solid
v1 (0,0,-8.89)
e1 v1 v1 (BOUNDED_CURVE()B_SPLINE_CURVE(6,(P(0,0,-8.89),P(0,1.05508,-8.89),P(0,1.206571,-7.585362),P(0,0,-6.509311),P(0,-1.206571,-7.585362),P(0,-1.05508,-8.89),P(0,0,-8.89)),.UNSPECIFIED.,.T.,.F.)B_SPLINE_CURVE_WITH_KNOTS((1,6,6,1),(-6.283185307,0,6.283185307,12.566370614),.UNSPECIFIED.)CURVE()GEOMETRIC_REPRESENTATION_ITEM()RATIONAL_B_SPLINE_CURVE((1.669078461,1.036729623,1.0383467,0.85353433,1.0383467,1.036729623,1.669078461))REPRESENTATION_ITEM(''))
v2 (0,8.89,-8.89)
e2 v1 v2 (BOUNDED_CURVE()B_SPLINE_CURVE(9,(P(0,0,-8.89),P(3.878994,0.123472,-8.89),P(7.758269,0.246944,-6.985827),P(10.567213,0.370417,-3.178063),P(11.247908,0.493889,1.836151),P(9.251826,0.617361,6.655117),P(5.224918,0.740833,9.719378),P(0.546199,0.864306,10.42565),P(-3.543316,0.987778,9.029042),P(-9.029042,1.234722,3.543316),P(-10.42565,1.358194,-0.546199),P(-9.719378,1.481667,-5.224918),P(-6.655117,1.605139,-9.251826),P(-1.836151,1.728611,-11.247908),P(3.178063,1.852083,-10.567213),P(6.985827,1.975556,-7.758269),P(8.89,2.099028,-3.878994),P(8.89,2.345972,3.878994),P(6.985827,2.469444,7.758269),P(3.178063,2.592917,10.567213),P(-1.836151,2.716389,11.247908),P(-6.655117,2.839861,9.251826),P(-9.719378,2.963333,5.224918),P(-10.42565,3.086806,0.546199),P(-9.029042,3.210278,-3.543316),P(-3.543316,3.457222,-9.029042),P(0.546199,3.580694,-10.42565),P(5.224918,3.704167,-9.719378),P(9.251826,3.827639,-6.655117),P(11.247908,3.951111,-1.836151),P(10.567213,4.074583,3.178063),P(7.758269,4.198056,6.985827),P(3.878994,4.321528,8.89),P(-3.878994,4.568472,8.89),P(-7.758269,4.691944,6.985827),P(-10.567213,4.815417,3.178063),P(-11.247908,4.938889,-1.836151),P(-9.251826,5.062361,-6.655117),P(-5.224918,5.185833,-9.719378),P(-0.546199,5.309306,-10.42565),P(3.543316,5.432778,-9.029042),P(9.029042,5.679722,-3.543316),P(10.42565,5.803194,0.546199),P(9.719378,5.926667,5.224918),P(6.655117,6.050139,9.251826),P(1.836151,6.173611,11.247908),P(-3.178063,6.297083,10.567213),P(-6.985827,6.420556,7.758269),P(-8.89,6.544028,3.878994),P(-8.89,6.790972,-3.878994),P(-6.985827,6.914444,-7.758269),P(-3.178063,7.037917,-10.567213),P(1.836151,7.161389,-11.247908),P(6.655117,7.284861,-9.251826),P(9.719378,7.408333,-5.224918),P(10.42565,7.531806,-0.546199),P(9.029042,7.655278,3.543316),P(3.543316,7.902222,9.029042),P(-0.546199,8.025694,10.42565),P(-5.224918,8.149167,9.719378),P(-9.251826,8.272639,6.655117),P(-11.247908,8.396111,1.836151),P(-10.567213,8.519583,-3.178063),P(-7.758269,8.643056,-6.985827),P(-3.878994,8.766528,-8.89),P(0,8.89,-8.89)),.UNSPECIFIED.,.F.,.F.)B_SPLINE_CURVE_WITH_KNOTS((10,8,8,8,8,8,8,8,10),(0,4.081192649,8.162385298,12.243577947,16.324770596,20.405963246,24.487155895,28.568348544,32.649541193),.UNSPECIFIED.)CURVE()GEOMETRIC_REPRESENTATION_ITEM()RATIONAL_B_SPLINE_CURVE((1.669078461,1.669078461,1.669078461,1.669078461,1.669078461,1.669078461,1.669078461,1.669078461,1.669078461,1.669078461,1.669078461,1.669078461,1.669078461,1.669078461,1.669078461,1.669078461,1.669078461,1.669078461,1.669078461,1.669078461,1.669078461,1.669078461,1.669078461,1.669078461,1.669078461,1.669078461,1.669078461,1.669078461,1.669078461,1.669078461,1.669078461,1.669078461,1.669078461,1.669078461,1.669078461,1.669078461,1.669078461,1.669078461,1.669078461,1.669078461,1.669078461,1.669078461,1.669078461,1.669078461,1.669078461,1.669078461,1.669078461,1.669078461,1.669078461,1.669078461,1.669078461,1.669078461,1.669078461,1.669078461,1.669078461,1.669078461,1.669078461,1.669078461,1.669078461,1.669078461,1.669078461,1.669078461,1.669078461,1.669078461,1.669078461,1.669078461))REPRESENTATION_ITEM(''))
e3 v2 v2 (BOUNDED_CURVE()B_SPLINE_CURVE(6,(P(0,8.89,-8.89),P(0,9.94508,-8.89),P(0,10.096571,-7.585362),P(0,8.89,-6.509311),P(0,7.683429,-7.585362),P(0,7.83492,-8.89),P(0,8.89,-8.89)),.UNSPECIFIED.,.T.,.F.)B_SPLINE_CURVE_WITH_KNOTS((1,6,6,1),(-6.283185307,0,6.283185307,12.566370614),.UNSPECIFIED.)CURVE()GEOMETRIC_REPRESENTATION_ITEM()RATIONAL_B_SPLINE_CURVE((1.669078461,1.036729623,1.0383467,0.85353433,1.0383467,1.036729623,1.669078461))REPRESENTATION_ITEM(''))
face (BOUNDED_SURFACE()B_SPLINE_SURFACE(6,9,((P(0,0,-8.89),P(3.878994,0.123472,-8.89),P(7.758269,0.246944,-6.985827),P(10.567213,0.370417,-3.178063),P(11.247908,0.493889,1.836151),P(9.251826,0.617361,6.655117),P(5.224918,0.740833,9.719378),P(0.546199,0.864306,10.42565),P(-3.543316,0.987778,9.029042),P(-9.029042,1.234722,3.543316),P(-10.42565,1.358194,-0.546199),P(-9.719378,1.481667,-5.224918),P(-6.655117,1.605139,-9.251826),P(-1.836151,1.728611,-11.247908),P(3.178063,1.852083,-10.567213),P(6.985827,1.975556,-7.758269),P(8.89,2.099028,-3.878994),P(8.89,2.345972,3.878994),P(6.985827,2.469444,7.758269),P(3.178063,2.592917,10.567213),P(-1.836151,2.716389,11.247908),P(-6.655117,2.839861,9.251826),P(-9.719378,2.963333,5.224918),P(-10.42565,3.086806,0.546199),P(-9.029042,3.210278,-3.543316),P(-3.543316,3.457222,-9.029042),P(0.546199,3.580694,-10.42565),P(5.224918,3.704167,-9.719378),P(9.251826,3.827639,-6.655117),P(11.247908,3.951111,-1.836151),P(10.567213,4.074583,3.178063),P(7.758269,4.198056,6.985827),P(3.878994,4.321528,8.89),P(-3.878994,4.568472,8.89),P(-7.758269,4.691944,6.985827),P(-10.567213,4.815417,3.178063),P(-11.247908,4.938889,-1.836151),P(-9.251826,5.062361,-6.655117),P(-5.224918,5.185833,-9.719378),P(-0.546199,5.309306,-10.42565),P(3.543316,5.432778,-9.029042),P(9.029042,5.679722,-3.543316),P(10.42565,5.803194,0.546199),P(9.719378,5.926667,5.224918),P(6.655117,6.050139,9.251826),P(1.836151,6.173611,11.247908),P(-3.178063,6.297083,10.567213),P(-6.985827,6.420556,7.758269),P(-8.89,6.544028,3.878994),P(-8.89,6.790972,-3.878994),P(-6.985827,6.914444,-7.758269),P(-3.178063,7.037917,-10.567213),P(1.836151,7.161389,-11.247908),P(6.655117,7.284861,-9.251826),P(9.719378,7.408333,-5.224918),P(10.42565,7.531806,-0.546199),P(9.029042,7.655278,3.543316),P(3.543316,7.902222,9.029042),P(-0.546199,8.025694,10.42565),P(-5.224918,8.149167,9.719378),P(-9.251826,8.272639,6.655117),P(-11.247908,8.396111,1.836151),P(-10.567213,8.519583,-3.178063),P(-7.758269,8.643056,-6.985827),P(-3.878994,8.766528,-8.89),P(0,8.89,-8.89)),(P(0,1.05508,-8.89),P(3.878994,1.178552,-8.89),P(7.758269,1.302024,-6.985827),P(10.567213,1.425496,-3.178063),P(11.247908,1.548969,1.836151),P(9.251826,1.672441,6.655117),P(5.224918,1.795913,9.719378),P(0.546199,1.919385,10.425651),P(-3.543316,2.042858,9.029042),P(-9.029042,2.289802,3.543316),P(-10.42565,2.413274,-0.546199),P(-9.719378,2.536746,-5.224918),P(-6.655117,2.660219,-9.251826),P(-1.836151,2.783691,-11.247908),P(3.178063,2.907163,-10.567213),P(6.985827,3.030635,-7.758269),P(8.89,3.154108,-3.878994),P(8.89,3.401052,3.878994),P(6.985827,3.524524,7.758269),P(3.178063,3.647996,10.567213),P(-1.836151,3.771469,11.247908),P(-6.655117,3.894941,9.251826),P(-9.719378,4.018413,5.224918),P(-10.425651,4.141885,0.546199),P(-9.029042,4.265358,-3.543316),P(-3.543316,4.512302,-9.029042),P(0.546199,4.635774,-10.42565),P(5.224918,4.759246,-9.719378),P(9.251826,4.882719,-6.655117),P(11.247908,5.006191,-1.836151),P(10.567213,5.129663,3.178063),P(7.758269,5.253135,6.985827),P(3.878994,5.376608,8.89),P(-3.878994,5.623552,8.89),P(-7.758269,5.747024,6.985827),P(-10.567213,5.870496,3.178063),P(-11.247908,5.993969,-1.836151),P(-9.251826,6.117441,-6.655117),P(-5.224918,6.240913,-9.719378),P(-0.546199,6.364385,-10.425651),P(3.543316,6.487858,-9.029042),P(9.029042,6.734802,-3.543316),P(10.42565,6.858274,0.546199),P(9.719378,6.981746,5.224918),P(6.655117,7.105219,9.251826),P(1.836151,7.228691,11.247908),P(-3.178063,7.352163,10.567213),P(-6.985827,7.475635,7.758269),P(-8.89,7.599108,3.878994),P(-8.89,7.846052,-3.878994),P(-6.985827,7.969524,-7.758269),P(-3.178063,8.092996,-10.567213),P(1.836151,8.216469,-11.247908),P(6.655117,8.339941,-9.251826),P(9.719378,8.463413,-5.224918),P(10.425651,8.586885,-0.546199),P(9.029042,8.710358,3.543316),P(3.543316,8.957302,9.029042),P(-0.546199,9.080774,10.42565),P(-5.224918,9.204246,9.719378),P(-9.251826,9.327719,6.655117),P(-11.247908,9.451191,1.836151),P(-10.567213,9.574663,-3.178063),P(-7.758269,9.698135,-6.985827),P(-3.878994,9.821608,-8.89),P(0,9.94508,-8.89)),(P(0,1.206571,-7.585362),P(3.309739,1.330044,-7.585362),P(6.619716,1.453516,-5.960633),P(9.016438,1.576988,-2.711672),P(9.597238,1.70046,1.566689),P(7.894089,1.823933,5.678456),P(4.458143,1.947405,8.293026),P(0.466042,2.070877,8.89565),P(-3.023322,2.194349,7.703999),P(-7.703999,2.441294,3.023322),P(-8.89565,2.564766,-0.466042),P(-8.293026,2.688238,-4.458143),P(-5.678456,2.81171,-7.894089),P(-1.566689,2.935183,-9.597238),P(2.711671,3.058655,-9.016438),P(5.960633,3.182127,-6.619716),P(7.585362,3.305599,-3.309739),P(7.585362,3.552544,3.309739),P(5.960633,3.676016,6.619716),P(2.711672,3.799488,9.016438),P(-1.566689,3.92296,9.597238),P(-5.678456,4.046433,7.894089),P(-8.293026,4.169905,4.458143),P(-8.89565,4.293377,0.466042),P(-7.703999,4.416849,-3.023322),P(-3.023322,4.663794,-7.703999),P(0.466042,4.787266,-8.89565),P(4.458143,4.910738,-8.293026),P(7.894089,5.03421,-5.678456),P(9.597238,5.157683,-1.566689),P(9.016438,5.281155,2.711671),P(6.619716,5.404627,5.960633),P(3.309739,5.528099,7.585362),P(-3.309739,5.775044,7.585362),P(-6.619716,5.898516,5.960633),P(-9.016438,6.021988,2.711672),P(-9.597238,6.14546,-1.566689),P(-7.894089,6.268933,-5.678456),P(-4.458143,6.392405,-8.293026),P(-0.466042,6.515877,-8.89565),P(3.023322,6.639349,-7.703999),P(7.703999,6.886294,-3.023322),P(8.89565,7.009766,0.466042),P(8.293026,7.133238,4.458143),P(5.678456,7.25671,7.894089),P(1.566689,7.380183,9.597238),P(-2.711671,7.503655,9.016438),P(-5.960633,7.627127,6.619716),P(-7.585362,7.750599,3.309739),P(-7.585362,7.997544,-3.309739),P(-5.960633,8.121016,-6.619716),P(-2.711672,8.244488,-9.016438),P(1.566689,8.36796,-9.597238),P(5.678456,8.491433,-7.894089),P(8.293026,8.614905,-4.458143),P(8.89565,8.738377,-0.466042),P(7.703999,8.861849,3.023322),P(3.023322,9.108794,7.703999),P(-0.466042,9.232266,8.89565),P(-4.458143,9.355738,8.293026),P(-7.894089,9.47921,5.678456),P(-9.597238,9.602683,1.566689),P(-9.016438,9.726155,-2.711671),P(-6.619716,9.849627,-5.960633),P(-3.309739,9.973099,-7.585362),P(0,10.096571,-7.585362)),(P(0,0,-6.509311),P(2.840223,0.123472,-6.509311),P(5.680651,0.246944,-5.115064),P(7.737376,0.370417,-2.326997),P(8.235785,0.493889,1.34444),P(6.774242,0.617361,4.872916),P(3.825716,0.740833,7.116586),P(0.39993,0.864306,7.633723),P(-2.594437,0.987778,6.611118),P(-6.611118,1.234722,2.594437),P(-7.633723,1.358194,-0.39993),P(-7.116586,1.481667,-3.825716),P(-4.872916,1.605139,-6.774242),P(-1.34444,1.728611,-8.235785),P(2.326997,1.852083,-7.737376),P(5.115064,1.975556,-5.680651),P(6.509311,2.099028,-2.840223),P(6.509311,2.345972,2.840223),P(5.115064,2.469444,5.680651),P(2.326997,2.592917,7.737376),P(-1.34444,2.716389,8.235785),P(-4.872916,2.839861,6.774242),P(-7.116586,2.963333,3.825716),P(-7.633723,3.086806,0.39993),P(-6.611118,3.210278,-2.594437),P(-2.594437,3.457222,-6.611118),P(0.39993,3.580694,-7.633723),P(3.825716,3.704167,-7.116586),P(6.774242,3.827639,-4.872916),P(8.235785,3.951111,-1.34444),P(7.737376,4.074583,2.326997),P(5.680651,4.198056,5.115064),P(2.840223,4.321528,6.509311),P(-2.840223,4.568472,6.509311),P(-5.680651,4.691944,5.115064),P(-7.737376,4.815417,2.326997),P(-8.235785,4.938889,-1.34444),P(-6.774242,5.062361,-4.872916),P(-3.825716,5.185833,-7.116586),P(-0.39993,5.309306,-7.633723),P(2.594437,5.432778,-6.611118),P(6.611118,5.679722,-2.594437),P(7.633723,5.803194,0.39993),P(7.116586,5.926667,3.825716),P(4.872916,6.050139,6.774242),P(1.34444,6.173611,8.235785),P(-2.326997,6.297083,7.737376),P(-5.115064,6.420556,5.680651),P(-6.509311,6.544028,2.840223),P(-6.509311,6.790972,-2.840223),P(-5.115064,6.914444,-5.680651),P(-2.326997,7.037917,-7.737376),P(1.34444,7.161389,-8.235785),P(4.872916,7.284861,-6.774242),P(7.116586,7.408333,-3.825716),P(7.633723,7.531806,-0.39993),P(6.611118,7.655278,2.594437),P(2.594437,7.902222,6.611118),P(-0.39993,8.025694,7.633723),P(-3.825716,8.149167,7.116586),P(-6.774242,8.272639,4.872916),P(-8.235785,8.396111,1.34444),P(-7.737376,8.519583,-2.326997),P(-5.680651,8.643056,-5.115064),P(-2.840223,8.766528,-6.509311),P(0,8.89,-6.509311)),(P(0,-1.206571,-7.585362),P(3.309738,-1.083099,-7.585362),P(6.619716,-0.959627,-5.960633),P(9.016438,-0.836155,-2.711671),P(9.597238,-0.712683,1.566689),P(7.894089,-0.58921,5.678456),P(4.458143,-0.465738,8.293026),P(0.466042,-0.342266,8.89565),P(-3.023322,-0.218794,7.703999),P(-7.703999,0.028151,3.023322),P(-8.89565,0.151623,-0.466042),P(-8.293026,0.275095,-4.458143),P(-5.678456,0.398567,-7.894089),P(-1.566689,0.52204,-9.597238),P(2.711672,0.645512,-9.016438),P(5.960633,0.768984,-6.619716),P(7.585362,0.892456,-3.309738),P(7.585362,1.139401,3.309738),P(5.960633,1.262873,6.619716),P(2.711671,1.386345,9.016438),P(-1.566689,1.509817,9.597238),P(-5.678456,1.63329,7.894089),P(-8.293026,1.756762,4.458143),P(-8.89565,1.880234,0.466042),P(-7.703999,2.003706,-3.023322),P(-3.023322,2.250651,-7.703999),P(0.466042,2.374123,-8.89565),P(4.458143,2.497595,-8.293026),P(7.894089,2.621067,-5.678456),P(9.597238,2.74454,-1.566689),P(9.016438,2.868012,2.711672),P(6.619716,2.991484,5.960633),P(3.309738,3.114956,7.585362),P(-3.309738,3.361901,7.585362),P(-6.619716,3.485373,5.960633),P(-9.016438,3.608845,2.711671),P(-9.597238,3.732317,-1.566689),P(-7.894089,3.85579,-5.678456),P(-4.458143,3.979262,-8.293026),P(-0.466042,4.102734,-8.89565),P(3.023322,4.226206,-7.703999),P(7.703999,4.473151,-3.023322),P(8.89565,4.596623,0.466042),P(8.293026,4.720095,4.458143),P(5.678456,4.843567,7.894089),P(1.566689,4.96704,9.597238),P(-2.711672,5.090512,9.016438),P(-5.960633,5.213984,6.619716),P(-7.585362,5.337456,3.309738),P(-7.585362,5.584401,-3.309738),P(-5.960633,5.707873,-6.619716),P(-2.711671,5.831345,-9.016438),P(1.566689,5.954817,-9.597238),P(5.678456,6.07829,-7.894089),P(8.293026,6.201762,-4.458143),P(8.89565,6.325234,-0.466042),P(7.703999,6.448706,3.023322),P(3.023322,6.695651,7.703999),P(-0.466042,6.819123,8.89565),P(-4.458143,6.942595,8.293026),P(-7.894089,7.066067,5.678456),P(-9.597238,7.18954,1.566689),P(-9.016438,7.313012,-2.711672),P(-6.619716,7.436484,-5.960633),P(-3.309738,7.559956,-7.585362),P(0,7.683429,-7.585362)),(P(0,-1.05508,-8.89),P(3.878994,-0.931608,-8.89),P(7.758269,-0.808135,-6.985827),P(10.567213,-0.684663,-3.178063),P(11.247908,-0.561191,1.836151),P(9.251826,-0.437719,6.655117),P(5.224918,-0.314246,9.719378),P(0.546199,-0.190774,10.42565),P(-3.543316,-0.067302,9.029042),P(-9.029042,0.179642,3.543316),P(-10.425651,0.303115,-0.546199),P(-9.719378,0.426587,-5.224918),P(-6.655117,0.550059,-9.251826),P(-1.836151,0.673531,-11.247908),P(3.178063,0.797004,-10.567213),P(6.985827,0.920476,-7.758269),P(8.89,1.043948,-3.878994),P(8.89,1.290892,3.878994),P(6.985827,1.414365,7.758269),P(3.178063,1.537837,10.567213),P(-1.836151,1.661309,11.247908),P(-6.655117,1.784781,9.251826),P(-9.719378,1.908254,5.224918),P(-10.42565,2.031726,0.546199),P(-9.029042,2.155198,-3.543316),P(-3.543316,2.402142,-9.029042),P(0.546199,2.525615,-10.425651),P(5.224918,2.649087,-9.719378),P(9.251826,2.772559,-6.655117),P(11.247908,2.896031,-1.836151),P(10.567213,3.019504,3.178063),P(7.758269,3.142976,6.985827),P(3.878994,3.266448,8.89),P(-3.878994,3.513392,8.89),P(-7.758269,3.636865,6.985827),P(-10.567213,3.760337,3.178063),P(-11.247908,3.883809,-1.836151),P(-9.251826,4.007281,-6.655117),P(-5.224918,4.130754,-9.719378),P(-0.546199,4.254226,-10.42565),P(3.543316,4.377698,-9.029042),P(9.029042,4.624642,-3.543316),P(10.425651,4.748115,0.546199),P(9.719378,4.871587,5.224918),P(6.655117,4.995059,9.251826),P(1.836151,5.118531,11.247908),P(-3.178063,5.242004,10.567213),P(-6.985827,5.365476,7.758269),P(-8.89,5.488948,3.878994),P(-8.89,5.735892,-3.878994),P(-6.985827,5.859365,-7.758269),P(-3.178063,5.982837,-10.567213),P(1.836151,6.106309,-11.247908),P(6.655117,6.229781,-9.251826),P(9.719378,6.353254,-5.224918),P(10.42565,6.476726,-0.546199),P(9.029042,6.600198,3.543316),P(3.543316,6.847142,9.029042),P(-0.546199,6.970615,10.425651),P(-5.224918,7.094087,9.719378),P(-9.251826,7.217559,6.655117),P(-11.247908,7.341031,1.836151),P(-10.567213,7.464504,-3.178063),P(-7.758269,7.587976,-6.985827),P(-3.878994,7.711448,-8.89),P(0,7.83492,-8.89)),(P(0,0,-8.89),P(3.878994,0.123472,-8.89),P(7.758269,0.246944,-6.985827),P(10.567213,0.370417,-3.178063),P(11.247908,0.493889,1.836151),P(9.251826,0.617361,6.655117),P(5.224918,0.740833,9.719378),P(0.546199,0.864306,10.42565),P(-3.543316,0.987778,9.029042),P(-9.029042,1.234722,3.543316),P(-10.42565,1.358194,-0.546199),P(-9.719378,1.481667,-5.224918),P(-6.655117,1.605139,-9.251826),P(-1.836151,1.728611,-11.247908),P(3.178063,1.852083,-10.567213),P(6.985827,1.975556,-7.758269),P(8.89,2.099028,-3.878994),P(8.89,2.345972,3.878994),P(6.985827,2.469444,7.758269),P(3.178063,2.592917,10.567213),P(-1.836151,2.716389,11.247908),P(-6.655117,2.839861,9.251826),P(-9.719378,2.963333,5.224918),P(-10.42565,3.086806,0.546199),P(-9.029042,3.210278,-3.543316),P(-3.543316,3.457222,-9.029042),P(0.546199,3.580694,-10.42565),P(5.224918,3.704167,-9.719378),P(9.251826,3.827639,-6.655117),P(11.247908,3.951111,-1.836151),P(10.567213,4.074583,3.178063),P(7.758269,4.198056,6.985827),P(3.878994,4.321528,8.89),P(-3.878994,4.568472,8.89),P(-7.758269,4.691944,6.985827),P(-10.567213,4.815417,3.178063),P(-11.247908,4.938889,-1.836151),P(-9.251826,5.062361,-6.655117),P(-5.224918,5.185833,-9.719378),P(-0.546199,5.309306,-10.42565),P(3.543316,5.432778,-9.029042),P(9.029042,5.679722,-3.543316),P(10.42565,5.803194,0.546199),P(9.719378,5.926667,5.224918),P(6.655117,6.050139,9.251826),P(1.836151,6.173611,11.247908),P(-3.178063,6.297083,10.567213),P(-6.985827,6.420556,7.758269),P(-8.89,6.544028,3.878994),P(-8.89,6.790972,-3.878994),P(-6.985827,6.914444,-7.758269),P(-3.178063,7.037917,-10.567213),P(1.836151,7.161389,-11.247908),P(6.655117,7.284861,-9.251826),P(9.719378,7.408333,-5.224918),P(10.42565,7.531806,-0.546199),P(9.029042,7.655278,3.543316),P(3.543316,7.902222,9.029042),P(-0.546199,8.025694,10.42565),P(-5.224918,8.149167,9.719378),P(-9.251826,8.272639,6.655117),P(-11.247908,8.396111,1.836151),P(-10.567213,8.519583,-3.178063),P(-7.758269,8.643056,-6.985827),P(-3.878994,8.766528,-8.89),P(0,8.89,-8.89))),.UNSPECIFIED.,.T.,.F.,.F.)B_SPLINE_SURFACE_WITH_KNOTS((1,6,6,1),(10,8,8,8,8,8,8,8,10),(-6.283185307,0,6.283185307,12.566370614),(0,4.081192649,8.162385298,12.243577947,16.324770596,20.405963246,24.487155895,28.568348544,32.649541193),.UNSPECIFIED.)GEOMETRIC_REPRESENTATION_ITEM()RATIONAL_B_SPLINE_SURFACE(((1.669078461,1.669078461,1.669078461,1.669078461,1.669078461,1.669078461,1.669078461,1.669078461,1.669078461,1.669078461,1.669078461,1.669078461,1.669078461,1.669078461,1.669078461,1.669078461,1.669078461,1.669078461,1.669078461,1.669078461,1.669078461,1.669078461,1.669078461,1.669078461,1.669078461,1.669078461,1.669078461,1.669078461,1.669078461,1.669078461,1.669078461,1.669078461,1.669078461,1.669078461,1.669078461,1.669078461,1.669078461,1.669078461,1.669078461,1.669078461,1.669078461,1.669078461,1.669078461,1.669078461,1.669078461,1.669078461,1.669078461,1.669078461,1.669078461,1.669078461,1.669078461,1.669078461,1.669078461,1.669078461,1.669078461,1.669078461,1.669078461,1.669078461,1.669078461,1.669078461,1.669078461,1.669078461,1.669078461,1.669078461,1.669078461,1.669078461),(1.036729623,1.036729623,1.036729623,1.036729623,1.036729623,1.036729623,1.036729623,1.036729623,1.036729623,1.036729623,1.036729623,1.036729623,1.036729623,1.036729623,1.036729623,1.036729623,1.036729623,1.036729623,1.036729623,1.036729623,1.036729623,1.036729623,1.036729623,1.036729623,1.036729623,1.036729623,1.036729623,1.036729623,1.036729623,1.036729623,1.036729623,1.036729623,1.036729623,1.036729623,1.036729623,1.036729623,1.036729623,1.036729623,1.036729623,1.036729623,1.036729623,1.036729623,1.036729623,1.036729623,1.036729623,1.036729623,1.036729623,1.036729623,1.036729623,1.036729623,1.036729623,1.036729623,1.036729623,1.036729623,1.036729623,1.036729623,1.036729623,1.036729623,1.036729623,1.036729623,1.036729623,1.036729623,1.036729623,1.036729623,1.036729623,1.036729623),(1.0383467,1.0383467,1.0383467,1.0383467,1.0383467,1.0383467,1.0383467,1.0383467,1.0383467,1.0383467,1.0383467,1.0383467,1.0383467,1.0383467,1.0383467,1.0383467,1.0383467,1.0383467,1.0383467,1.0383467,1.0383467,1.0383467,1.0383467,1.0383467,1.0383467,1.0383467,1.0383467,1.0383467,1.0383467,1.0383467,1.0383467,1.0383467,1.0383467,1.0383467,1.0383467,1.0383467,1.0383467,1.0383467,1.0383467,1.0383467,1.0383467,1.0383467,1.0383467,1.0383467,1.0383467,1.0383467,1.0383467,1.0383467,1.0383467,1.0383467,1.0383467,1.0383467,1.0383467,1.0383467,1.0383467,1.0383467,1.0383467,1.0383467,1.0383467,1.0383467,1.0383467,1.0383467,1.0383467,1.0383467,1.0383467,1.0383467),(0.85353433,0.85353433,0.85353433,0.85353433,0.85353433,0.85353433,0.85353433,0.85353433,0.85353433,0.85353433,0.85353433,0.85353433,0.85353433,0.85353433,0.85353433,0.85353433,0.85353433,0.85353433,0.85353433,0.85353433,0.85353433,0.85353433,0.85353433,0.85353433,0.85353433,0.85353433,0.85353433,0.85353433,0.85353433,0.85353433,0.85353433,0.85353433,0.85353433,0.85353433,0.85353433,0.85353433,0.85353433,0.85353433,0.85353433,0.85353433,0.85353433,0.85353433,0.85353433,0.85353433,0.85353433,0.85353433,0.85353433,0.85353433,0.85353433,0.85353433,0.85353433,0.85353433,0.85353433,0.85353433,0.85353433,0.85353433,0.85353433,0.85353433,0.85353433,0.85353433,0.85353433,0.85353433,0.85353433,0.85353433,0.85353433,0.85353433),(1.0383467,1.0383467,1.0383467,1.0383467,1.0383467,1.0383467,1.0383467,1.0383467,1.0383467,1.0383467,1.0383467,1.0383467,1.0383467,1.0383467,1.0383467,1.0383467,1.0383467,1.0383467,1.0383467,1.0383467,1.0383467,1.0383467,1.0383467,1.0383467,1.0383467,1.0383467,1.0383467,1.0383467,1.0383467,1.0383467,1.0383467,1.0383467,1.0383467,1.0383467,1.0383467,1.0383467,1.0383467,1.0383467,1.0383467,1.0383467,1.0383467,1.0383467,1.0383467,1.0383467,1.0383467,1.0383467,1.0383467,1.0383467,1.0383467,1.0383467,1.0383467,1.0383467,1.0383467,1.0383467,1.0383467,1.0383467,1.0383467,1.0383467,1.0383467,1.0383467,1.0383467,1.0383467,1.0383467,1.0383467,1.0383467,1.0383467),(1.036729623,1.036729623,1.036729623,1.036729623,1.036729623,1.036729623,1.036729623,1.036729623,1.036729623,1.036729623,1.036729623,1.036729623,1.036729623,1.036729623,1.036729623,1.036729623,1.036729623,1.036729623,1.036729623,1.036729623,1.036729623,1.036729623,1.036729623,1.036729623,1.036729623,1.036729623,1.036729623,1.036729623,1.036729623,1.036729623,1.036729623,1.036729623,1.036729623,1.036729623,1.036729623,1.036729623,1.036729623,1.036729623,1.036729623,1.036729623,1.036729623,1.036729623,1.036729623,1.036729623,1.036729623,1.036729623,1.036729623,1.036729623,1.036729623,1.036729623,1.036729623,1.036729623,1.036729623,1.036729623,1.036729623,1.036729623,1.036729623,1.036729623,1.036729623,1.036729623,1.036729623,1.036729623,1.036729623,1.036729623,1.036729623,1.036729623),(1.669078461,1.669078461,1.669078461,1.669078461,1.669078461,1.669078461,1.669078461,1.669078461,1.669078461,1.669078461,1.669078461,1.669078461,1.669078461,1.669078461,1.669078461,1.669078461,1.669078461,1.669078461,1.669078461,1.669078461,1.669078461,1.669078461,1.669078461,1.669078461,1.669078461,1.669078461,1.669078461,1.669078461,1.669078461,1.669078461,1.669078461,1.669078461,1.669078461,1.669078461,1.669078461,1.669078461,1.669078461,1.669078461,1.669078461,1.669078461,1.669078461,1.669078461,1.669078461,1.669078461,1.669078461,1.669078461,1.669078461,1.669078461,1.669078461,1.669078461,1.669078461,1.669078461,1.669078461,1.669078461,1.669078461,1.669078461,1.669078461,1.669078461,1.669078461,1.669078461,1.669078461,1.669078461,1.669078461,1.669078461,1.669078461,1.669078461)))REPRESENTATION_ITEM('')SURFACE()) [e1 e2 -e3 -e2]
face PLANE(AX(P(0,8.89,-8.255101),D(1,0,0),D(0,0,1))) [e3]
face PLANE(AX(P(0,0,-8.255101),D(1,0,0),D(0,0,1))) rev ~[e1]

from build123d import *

# Parameters (mm, degrees)
PEREGRINE_SPRING_PITCH       = 1.778
PEREGRINE_SPRING_HEIGHT      = 8.89
PEREGRINE_SPRING_RADIUS      = 8.255
PEREGRINE_SPRING_START_ANGLE = -180
SKETCH2_R                    = 0.635


with BuildPart() as part:
    # Peregrine Spring: sweep along a helix
    with BuildLine() as peregrine_spring_path:
        add(Helix(PEREGRINE_SPRING_PITCH, PEREGRINE_SPRING_HEIGHT, PEREGRINE_SPRING_RADIUS, center=(0, 0, 0), direction=(0, 1, 0), lefthand=True, mode=Mode.PRIVATE).rotate(Axis((0, 0, 0), (0, 1, 0)), PEREGRINE_SPRING_START_ANGLE))
    # Sketch2 → Peregrine Spring (sweep)
    with BuildSketch(Plane(origin=(0, 0, 0), x_dir=(0, 0, -1), z_dir=(1, 0, 0))):
        with Locations((8.255, 0)):
            Circle(SKETCH2_R)
    sweep(path=peregrine_spring_path.line, is_frenet=True)


solid = part.part
